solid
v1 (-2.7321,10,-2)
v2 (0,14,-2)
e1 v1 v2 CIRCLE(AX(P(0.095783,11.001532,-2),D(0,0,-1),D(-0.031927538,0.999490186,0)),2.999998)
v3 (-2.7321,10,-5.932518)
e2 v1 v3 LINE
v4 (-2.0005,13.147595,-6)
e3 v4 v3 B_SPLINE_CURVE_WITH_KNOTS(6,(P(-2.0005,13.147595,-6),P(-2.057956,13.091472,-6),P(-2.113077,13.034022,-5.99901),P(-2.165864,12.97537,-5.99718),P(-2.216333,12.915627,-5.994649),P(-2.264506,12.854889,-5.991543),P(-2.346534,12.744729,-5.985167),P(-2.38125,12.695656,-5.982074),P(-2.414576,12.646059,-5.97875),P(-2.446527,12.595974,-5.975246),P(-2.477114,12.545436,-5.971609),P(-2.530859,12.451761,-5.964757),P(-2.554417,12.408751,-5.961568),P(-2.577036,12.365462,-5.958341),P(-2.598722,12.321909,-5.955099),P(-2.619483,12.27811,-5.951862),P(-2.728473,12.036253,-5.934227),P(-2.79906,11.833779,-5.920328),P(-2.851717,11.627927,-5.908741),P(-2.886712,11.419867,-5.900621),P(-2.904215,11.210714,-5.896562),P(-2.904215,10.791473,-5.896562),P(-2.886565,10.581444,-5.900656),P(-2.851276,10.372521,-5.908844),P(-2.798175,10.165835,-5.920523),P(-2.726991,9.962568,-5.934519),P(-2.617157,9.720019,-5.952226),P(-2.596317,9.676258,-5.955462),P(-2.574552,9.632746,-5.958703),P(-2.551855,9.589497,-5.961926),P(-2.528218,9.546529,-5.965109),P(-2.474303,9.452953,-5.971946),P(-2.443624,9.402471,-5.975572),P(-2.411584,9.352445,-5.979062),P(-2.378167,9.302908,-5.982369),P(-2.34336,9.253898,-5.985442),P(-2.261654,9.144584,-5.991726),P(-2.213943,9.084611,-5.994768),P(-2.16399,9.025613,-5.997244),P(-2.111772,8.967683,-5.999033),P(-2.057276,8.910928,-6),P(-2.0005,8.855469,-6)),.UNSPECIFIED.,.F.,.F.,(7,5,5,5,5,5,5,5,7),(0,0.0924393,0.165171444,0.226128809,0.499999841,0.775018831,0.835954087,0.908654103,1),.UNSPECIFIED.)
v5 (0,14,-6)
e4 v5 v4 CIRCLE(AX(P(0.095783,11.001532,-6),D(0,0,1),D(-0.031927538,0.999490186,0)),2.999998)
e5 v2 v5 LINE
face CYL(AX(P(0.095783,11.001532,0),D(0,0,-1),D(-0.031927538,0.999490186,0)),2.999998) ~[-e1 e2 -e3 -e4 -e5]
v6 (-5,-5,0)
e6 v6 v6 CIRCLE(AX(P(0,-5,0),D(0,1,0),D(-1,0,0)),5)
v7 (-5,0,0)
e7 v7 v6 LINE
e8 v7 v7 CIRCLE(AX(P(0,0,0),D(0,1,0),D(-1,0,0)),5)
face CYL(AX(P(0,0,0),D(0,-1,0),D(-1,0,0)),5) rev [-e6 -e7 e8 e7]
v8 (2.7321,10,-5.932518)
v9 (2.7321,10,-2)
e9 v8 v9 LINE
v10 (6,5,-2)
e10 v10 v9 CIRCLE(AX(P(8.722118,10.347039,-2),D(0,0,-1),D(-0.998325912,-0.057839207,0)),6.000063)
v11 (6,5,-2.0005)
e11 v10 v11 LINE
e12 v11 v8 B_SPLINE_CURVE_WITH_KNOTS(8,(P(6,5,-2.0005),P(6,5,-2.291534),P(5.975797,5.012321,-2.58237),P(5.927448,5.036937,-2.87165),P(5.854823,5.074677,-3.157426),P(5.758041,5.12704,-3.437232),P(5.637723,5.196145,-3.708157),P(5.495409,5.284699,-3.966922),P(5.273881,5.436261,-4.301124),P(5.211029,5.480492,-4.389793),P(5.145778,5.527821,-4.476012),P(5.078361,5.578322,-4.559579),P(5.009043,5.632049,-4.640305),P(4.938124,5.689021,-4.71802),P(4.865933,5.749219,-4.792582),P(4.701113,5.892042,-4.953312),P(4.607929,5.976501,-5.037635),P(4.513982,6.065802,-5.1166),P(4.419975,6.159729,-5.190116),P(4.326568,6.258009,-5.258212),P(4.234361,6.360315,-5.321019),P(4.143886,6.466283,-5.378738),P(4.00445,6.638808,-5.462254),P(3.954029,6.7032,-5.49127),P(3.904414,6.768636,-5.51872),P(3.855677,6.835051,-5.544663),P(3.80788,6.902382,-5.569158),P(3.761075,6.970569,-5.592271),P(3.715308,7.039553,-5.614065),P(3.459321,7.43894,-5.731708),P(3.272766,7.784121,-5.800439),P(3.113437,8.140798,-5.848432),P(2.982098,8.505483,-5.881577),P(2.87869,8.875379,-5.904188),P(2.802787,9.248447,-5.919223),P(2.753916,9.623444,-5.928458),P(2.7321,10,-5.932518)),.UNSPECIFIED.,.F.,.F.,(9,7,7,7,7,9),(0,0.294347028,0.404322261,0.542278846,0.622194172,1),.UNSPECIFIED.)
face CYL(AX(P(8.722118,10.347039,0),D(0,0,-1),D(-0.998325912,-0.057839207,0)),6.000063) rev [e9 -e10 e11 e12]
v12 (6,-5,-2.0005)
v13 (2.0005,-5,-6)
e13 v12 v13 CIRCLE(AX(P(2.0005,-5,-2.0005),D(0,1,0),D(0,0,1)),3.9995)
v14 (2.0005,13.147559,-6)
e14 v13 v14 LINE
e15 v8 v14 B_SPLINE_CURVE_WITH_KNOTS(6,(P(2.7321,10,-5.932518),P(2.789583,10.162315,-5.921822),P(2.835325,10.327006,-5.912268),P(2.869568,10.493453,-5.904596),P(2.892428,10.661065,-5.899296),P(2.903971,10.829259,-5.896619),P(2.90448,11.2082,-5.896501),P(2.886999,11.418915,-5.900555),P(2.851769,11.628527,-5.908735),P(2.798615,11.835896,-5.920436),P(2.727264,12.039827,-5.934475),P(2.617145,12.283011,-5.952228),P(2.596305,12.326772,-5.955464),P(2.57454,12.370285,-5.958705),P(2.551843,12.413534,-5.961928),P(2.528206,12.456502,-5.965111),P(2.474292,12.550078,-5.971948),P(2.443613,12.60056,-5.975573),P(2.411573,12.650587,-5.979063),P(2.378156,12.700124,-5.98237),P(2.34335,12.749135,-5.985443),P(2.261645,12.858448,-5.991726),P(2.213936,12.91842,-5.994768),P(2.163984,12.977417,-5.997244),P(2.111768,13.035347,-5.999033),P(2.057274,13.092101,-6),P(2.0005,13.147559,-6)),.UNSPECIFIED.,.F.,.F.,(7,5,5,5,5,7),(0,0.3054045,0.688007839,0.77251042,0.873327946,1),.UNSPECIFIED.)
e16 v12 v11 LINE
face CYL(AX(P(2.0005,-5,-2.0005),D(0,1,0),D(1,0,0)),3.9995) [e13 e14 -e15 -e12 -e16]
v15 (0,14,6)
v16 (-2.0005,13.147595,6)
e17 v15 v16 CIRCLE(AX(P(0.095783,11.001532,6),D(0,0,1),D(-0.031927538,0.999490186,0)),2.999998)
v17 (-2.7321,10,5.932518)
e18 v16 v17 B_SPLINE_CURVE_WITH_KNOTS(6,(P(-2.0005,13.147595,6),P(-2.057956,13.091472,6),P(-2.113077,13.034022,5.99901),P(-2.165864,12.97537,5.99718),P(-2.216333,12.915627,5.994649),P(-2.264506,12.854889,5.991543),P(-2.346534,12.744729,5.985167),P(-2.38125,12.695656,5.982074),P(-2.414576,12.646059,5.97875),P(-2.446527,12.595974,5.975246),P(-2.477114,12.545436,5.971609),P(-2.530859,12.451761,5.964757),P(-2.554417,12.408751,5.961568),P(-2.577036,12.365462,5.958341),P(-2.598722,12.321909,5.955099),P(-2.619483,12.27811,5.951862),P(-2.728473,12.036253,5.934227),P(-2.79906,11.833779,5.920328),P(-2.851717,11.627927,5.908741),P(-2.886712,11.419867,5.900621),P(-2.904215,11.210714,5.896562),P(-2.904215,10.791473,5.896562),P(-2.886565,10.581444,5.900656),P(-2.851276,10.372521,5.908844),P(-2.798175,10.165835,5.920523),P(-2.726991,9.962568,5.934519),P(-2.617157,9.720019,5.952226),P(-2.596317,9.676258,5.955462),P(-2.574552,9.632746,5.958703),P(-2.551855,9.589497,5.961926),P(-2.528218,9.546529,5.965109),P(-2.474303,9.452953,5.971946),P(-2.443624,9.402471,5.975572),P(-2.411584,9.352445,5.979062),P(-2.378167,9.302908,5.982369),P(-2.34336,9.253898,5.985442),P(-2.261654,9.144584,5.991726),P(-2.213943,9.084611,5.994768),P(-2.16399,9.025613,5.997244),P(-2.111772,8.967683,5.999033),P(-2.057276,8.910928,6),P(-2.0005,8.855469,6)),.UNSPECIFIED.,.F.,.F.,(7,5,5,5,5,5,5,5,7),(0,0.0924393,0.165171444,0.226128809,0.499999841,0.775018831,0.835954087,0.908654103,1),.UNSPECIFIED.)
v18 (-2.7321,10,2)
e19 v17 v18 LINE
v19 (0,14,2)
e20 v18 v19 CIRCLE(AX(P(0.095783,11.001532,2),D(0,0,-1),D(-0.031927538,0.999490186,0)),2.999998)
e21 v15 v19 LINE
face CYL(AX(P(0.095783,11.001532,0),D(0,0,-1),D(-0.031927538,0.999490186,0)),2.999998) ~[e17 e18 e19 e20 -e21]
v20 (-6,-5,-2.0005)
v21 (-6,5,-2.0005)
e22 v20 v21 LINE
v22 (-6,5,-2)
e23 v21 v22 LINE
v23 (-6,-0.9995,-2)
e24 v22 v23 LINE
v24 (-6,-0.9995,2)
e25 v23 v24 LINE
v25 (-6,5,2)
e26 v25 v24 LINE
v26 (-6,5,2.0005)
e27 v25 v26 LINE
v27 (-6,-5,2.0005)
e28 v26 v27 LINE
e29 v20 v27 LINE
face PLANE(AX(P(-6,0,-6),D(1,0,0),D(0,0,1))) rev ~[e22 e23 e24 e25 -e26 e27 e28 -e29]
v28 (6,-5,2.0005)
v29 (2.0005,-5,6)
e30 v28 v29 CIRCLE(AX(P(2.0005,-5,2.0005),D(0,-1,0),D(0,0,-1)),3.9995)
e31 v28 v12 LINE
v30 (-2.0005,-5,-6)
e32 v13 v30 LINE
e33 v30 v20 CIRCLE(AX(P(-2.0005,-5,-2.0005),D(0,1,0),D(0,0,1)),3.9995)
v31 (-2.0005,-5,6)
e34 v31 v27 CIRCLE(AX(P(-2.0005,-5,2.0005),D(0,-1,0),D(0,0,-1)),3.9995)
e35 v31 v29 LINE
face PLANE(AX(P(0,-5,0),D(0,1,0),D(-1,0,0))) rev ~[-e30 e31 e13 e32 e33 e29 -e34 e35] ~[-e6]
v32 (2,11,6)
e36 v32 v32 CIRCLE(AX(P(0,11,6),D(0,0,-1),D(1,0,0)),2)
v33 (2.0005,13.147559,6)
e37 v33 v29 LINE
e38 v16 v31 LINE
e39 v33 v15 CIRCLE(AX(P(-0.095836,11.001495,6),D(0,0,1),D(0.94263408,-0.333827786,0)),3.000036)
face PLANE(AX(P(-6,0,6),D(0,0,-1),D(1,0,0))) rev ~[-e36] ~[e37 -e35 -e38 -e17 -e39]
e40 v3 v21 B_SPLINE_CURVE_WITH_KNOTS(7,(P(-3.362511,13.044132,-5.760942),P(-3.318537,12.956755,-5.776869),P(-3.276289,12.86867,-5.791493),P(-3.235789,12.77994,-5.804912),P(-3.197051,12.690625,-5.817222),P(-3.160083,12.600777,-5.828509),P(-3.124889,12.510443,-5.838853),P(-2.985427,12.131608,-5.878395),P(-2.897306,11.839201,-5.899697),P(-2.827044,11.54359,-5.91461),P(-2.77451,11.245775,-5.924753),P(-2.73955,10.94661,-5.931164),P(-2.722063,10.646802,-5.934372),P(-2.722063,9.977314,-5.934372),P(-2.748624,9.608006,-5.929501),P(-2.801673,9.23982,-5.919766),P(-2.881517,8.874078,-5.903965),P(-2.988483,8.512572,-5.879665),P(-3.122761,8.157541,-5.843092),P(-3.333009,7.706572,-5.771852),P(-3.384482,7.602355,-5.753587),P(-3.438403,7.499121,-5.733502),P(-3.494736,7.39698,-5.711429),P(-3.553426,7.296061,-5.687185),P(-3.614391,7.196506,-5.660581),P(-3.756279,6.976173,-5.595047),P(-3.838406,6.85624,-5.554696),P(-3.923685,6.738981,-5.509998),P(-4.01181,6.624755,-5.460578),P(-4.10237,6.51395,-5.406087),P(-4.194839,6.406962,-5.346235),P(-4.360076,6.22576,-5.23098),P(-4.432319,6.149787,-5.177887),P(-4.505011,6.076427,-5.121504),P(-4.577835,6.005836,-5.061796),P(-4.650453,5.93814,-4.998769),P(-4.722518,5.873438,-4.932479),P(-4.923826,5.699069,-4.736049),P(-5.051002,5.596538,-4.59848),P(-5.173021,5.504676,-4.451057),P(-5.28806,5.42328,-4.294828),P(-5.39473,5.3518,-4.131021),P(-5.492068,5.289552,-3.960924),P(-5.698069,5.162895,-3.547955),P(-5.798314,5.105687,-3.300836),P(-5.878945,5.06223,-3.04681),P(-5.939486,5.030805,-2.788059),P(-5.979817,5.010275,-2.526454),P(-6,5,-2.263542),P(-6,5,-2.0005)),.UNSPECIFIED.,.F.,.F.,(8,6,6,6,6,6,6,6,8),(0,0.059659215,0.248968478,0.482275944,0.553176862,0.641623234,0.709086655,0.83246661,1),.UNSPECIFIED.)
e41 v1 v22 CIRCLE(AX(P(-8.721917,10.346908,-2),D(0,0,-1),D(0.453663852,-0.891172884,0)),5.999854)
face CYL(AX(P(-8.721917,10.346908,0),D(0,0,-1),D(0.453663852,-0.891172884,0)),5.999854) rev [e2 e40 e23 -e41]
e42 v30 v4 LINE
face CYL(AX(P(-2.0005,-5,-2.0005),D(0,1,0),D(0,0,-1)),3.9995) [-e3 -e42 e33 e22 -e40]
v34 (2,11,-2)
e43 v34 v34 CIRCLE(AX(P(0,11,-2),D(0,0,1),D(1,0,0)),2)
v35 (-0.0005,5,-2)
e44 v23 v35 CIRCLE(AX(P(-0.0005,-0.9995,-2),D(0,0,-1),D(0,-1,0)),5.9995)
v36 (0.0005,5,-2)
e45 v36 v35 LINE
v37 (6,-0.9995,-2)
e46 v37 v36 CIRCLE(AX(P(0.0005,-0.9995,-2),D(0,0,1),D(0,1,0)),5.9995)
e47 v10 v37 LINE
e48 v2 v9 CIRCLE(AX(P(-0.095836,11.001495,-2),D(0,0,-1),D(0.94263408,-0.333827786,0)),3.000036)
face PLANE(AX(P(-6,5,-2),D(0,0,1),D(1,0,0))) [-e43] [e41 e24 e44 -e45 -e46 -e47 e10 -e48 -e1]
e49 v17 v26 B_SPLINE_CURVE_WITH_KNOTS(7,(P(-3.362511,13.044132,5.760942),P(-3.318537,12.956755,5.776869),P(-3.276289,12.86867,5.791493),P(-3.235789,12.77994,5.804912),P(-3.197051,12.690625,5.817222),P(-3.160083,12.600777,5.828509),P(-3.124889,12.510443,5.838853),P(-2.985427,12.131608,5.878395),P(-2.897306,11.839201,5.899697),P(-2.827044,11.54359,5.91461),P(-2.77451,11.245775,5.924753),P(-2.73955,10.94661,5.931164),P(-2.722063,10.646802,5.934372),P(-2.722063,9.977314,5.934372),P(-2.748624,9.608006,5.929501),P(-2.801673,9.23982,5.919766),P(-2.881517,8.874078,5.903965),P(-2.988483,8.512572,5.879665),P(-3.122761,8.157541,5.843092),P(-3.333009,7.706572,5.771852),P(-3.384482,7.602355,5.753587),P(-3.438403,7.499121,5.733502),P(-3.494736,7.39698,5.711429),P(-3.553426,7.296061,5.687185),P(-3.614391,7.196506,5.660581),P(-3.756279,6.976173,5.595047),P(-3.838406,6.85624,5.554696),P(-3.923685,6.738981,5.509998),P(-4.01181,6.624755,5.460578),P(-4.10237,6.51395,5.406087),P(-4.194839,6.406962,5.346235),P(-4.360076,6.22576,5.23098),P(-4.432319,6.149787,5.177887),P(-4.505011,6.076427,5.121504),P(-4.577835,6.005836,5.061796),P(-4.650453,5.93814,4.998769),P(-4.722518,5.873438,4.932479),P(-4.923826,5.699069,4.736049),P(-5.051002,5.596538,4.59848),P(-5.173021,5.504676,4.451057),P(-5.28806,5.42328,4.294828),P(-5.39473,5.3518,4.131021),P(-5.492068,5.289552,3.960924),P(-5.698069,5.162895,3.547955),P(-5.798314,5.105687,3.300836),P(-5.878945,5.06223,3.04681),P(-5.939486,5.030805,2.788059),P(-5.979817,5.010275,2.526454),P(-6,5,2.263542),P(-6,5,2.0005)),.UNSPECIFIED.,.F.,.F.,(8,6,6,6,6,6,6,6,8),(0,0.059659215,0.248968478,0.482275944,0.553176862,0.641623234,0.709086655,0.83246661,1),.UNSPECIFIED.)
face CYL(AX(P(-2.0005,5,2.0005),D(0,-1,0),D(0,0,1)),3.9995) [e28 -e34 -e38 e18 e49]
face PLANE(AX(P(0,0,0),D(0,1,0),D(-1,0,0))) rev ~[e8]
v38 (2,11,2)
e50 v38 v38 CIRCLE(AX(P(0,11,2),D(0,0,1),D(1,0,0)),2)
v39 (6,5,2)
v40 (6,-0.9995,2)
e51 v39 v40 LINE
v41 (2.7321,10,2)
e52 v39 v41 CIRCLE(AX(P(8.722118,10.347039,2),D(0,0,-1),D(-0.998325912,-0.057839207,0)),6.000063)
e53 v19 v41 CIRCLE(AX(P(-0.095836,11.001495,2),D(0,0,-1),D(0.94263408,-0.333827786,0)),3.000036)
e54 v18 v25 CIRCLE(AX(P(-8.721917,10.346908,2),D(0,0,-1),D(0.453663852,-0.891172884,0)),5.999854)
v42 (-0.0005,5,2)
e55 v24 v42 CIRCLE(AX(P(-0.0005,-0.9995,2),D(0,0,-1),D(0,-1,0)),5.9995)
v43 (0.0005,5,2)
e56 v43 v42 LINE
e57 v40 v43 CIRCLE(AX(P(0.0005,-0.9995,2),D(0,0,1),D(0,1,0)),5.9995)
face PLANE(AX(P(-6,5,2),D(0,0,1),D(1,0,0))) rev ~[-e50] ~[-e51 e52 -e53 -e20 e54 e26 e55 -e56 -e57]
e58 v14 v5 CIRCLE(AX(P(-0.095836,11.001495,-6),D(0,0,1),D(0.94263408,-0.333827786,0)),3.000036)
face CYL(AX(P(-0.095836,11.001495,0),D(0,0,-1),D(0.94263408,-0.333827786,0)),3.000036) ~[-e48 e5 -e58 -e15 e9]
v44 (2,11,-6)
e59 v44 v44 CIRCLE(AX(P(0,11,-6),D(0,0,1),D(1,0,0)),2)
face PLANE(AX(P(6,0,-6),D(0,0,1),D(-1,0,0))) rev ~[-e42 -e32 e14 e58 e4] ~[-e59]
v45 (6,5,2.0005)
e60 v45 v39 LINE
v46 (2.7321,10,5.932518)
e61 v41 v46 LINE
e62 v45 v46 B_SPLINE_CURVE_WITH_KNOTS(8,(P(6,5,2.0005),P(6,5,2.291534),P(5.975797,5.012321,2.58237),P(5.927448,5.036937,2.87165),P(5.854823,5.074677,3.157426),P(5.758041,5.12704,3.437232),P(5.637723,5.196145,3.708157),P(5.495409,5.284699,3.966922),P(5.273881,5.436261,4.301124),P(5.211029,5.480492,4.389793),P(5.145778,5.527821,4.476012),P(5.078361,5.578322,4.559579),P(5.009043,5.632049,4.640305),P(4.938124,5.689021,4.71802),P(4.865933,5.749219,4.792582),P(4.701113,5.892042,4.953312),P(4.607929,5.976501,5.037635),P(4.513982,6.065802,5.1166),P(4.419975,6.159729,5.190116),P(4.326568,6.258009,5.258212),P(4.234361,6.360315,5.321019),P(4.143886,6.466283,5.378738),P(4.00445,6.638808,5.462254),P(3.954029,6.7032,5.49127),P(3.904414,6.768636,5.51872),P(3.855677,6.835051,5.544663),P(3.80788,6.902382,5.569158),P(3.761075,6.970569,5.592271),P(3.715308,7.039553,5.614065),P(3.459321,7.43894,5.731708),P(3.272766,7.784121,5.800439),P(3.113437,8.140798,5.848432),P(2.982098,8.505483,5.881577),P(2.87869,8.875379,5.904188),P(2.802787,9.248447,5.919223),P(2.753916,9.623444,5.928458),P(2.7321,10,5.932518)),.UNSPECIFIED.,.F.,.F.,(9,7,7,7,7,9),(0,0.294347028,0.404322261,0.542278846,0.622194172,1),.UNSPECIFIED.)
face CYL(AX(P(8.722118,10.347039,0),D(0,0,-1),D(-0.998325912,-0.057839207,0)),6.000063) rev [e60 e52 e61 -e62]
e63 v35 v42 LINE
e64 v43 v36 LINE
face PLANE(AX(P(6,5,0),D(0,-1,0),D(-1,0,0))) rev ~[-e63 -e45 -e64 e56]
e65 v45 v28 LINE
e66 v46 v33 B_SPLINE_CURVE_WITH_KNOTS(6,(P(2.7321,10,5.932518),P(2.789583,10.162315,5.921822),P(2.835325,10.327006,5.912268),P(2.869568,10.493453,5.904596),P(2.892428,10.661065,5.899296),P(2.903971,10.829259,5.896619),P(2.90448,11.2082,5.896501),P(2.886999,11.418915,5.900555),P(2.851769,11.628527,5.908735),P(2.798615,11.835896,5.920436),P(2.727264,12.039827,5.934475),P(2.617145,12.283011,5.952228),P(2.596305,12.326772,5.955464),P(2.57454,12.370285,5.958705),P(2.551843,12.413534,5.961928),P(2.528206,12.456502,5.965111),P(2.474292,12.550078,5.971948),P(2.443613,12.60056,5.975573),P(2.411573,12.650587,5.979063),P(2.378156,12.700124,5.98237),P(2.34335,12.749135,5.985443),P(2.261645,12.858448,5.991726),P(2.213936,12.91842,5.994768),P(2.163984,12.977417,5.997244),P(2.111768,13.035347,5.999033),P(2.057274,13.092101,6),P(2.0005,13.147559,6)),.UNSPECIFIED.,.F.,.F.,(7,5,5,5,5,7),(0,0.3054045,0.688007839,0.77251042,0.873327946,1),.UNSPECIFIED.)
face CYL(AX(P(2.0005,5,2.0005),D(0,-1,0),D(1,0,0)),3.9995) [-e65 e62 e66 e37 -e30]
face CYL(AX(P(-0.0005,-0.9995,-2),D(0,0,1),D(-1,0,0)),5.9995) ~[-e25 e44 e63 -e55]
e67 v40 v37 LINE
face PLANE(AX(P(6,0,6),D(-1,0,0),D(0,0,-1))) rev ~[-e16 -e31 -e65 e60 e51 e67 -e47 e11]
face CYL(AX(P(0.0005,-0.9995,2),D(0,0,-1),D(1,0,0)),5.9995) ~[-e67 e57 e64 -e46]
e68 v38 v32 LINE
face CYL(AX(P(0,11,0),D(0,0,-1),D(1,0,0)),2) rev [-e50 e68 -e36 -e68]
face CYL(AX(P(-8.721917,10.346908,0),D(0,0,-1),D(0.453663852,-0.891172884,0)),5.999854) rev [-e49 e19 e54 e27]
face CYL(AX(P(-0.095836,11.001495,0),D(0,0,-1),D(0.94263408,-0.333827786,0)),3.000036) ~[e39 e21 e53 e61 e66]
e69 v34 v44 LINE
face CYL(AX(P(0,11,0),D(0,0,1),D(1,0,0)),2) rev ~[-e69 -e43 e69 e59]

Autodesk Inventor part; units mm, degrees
ref_plane "YZ Plane" through (0, 0, 0) normal (1, 0, 0) x (0, 1, 0)
ref_plane "XZ Plane" through (0, 0, 0) normal (0, 1, 0) x (-1, 0, 0)
sketch "Szkic3" plane through (0, 0, 0) normal (0, 1, 0) x (-1, 0, 0)
  circle A0 centre (0, 0) radius 5
  line L0 (-6, -6) -> (6, -6)
  line L1 (6, -6) -> (6, 6)
  line L2 (6, 6) -> (-6, 6)
  line L3 (-6, 6) -> (-6, -6)
  line L4 (-6, -6) -> (6, 6) construction
  line L5 (6, -6) -> (-6, 6) construction
  dimension "d12" = 10
  dimension "d15" = 12
  dimension "d16" = 12
extrude "Wyciągnięcie proste3" add sketch "Szkic3" along normal mid plane 10
extrude "Wyciągnięcie proste4" add sketch "Szkic3" along normal blind 5 contours A0
ref_plane "Płaszczyzna konstrukcyjna2" through (-6, 5, 0) normal (0, 0, 1) x (1, 0, 0)
sketch "Szkic7" plane through (-6, 5, 0) normal (0, 0, 1) x (1, 0, 0)
  line L0 (0, 0) -> (12, 0) projected
  line L1 (0, 0) -> (12, 0)
  line L2 (6, 0) -> (6, 6)
  line L3 (6, 0) -> (12, 0) construction
  circle A0 centre (6, 6) radius 2
  line L4 (4.2679, 5) -> (3.2679, 5)
  line L5 (6, 8) -> (6, 9)
  line L6 (7.7321, 5) -> (8.7321, 5)
  arc A1 (0, 0) -> (3.2679, 5) centre (-2.722, 5.347) ccw
  arc A2 (6, 9) -> (3.2679, 5) centre (6.0958, 6.0015) ccw
  arc A3 (8.7321, 5) -> (6, 9) centre (5.9042, 6.0015) ccw
  arc A4 (8.7321, 5) -> (12, 0) centre (14.722, 5.347) ccw
  point P0 (6, -5)
  dimension "d42" = 6
  dimension "d43" = 90
  dimension "d44" = 4
  dimension "d45" = 1
  dimension "d46" = 1
  dimension "d47" = 1
  dimension "d48" = 5
  dimension "d49" = 5
  dimension "d50" = 0
  dimension "d51" = 6
  dimension "d52" = 3
  dimension "d53" = 3
  dimension "d54" = 6
extrude "Wyciągnięcie proste7" add sketch "Szkic7" along normal mid plane 12 contours A1 L4 A0 L2 L0 | L2 A0 L6 A4 L0 | A2 L5 A0 L4 | A3 L6 A0 L5
sketch "Szkic8" plane through (-6, 5, 0) normal (0, 0, 1) x (1, 0, 0)
  arc A0 (8.7321, 5) -> (12, 0) centre (14.722, 5.347) ccw projected
  line L0 (0, 12) -> (12, 12)
  line L1 (12, 12) -> (12, 0)
  line L2 (12, 0) -> (0, 0)
  line L3 (0, 0) -> (0, 12)
  circle A1 centre (6, 6) radius 2 projected
  line L4 (0, 12) -> (12, 0) construction
  line L5 (12, 12) -> (0, 0) construction
  point P0 (6, -5)
extrude "Wyciągnięcie proste8" cut sketch "Szkic8" along normal mid plane 4
fillet "Zaokrąglenie5" radius 6 2 edges at (6, 5, 0) (-6, 5, 0)
fillet "Zaokrąglenie6" radius 4 4 edges at (6, 0, 6) (6, 0, -6) (-6, 0, -6) (-6, 0, 6)
properties part number "Connector_hollow"
